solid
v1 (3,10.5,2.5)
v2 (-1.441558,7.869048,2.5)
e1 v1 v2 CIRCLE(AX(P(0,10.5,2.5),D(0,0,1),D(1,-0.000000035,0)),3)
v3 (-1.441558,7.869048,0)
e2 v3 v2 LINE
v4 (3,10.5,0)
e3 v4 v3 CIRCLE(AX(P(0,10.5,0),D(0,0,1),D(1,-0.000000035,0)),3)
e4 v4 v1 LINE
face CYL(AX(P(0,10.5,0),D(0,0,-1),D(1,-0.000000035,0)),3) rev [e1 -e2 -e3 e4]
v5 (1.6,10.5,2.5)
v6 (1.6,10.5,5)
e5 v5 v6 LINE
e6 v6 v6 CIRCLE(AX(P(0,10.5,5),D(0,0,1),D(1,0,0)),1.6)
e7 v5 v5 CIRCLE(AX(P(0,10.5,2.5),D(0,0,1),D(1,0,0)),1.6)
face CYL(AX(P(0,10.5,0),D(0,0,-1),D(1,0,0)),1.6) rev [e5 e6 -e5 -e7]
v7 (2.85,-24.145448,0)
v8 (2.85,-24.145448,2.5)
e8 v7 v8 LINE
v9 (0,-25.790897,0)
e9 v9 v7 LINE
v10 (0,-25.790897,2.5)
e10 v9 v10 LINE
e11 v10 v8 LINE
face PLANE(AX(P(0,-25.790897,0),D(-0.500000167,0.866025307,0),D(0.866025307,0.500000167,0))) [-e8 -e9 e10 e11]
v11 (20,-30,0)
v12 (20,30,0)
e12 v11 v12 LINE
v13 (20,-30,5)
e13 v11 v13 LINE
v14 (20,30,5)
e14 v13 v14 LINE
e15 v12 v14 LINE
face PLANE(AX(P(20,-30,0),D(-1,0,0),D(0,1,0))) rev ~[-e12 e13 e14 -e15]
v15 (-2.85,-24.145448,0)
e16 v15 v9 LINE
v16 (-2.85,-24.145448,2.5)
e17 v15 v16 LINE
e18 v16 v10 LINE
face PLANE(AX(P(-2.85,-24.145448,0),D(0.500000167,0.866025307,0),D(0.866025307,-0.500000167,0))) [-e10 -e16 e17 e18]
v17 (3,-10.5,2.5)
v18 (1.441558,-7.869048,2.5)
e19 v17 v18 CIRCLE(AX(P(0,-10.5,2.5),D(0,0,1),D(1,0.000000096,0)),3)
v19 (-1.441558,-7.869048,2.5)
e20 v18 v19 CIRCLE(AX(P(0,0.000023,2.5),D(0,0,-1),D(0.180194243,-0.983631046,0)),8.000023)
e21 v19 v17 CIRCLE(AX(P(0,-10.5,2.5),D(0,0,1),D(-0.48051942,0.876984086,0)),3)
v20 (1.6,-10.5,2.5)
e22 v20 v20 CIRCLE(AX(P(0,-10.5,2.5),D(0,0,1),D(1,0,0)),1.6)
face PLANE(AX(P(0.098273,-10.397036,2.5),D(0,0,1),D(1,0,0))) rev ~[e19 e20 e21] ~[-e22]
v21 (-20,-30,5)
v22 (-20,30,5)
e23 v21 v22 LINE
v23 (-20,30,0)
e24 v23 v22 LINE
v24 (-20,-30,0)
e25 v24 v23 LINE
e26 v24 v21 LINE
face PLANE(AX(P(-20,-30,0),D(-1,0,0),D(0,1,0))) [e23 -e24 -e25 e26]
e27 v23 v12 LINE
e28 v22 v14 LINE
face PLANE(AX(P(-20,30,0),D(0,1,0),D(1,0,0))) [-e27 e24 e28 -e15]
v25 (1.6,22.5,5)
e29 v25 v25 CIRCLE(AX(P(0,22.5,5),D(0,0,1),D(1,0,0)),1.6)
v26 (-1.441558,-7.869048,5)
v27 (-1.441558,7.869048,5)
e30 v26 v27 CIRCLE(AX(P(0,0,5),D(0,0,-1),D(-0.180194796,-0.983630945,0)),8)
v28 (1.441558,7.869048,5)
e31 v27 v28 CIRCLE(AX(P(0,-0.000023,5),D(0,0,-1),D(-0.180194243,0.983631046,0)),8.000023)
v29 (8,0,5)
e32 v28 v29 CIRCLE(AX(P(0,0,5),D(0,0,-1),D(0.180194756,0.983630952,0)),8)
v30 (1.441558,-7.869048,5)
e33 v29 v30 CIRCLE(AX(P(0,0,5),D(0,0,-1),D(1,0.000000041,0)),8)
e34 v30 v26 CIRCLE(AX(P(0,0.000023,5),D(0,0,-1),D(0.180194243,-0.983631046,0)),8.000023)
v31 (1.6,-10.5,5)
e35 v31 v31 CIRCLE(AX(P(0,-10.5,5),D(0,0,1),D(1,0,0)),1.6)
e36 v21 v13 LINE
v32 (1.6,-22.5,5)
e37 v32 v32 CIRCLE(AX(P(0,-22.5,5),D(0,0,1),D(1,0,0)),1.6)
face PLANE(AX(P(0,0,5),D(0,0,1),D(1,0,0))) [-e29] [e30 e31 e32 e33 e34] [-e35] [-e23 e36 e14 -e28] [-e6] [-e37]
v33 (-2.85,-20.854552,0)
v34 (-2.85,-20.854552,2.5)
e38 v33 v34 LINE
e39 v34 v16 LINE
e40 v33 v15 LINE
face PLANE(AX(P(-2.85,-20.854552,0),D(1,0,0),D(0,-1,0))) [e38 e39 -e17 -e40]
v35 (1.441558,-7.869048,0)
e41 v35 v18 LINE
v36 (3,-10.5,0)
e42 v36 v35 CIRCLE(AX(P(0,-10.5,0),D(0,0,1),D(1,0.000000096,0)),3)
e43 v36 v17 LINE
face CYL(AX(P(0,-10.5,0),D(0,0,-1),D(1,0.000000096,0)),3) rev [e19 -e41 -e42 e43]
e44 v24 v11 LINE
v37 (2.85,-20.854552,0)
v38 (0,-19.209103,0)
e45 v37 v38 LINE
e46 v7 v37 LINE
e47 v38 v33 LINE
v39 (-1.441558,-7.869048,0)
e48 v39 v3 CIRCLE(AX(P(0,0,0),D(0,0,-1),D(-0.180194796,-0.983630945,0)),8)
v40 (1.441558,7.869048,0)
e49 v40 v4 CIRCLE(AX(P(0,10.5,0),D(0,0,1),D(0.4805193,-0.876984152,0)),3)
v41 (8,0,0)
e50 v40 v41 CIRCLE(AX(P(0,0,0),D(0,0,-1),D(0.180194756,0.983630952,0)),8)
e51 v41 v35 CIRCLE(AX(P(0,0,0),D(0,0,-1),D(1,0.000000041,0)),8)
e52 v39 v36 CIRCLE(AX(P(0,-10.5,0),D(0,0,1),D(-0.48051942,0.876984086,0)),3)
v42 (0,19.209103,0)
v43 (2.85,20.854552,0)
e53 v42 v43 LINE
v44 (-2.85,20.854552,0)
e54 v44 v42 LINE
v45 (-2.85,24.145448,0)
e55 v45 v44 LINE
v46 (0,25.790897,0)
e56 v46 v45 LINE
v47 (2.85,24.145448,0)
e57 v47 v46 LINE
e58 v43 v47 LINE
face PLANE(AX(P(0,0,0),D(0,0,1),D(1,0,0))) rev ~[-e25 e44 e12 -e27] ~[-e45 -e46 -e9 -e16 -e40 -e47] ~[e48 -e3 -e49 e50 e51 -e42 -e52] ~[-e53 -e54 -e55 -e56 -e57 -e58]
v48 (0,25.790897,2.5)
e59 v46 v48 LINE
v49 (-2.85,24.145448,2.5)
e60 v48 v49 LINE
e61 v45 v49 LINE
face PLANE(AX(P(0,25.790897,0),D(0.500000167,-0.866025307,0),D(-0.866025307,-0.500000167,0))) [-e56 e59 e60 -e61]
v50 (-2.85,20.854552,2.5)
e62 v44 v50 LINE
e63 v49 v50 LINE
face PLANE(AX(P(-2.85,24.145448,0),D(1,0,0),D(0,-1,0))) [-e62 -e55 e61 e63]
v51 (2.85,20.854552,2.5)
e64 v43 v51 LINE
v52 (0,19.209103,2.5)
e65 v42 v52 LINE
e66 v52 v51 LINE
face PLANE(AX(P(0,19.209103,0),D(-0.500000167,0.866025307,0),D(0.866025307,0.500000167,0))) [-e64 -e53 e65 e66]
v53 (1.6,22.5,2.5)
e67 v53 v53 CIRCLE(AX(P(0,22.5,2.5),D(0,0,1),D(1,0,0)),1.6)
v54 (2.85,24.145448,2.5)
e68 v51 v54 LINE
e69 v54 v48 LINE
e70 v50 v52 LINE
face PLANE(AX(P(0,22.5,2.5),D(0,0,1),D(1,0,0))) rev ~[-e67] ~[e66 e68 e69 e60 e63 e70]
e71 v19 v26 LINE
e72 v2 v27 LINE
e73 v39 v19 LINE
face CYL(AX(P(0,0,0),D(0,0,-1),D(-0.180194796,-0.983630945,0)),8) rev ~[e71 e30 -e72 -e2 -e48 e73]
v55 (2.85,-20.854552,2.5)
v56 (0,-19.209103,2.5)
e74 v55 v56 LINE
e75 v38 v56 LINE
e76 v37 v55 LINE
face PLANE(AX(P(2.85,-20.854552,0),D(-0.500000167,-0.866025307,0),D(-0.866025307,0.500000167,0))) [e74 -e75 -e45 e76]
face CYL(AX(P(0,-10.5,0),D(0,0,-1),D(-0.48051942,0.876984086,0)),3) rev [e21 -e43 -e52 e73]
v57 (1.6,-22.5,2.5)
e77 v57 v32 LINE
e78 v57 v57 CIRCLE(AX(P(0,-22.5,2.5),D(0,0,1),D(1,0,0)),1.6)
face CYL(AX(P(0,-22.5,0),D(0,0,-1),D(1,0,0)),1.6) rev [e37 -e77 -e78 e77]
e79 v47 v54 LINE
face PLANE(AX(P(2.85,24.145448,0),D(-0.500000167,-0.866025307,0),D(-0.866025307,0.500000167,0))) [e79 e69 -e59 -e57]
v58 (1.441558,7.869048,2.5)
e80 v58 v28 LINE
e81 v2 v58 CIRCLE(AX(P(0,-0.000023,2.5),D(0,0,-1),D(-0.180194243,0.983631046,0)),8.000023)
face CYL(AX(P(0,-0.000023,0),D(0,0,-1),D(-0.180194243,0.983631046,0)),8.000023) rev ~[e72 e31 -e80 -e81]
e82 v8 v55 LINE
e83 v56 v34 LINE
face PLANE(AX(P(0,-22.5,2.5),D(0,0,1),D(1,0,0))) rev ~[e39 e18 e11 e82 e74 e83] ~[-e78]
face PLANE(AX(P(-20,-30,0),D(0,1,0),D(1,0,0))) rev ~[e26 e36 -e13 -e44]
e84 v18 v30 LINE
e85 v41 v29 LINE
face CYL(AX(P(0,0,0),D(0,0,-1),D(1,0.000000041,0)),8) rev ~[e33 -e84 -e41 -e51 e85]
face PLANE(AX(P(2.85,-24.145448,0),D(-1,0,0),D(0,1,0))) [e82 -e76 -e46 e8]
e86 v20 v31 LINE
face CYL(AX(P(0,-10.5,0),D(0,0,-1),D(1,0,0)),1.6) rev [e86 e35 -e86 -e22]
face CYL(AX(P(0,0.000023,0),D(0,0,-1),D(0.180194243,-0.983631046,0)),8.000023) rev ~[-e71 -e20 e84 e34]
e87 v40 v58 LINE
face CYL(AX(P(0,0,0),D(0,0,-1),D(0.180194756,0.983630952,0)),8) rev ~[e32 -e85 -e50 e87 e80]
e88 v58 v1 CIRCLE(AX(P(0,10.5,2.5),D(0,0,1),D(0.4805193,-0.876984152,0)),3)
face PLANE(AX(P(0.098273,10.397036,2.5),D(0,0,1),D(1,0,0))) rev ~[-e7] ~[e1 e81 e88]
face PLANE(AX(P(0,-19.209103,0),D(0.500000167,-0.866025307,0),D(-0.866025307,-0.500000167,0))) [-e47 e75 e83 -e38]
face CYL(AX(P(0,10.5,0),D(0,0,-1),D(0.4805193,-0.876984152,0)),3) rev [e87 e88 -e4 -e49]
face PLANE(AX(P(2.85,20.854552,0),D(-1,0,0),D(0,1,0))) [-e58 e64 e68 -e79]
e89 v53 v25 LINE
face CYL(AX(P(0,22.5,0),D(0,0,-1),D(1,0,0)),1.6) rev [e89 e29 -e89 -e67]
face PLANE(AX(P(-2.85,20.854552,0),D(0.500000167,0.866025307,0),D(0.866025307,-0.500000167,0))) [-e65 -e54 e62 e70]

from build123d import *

# Parameters (mm, degrees)
F0_W     = 40
F0_H     = 60
F0_R     = 1.6
F1_DEPTH = 5
F2_DEPTH = 2.5


with BuildPart() as f1:
    # F0 (on Top) → F1 (new body)
    with BuildSketch(Plane.XY):
        Rectangle(F0_W, F0_H)
        Polygon((2.85, -20.854552), (2.85, -24.145448), (0, -25.790897), (-2.85, -24.145448), (-2.85, -20.854552), (0, -19.209103), align=None, mode=Mode.SUBTRACT)
        with BuildLine():
            ThreePointArc((1.441558, 7.869048), (6.145424, 5.121891), (8, 0))
            ThreePointArc((8, 0), (6.145424, -5.121891), (1.441558, -7.869048))
            ThreePointArc((1.441558, -7.869048), (2.58115, -8.971058), (3, -10.5))
            ThreePointArc((3, -10.5), (-1.528942, -13.08115), (-1.441558, -7.869048))
            ThreePointArc((-1.441558, -7.869048), (-8, 0), (-1.441558, 7.869048))
            ThreePointArc((-1.441558, 7.869048), (-1.528942, 13.08115), (3, 10.5))
            ThreePointArc((3, 10.5), (2.58115, 8.971058), (1.441558, 7.869048))
        make_face(mode=Mode.SUBTRACT)
        Polygon((2.85, 24.145448), (2.85, 20.854552), (0, 19.209103), (-2.85, 20.854552), (-2.85, 24.145448), (0, 25.790897), align=None, mode=Mode.SUBTRACT)
        Polygon((0, -25.790897), (2.85, -24.145448), (2.85, -20.854552), (0, -19.209103), (-2.85, -20.854552), (-2.85, -24.145448), align=None)
        with Locations((0, -22.5)):
            Circle(F0_R, mode=Mode.SUBTRACT)
        Polygon((0, 19.209103), (2.85, 20.854552), (2.85, 24.145448), (0, 25.790897), (-2.85, 24.145448), (-2.85, 20.854552), align=None)
        with Locations((0, 22.5)):
            Circle(F0_R, mode=Mode.SUBTRACT)
        with BuildLine():
            ThreePointArc((-1.441558, 7.869048), (0, 8), (1.441558, 7.869048))
            ThreePointArc((1.441558, 7.869048), (2.58115, 8.971058), (3, 10.5))
            ThreePointArc((3, 10.5), (-1.528942, 13.08115), (-1.441558, 7.869048))
        make_face()
        with Locations((0, 10.5)):
            Circle(F0_R, mode=Mode.SUBTRACT)
        with BuildLine():
            ThreePointArc((3, -10.5), (2.58115, -8.971058), (1.441558, -7.869048))
            ThreePointArc((1.441558, -7.869048), (0, -8), (-1.441558, -7.869048))
            ThreePointArc((-1.441558, -7.869048), (-1.528942, -13.08115), (3, -10.5))
        make_face()
        with Locations((0, -10.5)):
            Circle(F0_R, mode=Mode.SUBTRACT)
    extrude(amount=F1_DEPTH)

    # F0 (on Top) → F2 (cut)
    with BuildSketch(Plane.XY):
        Polygon((0, 19.209103), (2.85, 20.854552), (2.85, 24.145448), (0, 25.790897), (-2.85, 24.145448), (-2.85, 20.854552), align=None)
        with Locations((0, 22.5)):
            Circle(F0_R, mode=Mode.SUBTRACT)
        Polygon((0, -25.790897), (2.85, -24.145448), (2.85, -20.854552), (0, -19.209103), (-2.85, -20.854552), (-2.85, -24.145448), align=None)
        with Locations((0, -22.5)):
            Circle(F0_R, mode=Mode.SUBTRACT)
        with BuildLine():
            ThreePointArc((-1.441558, 7.869048), (0, 8), (1.441558, 7.869048))
            ThreePointArc((1.441558, 7.869048), (2.58115, 8.971058), (3, 10.5))
            ThreePointArc((3, 10.5), (-1.528942, 13.08115), (-1.441558, 7.869048))
        make_face()
        with Locations((0, 10.5)):
            Circle(F0_R, mode=Mode.SUBTRACT)
        with BuildLine():
            ThreePointArc((3, -10.5), (2.58115, -8.971058), (1.441558, -7.869048))
            ThreePointArc((1.441558, -7.869048), (0, -8), (-1.441558, -7.869048))
            ThreePointArc((-1.441558, -7.869048), (-1.528942, -13.08115), (3, -10.5))
        make_face()
        with Locations((0, -10.5)):
            Circle(F0_R, mode=Mode.SUBTRACT)
    extrude(amount=F2_DEPTH, mode=Mode.SUBTRACT)


solid = f1.part
